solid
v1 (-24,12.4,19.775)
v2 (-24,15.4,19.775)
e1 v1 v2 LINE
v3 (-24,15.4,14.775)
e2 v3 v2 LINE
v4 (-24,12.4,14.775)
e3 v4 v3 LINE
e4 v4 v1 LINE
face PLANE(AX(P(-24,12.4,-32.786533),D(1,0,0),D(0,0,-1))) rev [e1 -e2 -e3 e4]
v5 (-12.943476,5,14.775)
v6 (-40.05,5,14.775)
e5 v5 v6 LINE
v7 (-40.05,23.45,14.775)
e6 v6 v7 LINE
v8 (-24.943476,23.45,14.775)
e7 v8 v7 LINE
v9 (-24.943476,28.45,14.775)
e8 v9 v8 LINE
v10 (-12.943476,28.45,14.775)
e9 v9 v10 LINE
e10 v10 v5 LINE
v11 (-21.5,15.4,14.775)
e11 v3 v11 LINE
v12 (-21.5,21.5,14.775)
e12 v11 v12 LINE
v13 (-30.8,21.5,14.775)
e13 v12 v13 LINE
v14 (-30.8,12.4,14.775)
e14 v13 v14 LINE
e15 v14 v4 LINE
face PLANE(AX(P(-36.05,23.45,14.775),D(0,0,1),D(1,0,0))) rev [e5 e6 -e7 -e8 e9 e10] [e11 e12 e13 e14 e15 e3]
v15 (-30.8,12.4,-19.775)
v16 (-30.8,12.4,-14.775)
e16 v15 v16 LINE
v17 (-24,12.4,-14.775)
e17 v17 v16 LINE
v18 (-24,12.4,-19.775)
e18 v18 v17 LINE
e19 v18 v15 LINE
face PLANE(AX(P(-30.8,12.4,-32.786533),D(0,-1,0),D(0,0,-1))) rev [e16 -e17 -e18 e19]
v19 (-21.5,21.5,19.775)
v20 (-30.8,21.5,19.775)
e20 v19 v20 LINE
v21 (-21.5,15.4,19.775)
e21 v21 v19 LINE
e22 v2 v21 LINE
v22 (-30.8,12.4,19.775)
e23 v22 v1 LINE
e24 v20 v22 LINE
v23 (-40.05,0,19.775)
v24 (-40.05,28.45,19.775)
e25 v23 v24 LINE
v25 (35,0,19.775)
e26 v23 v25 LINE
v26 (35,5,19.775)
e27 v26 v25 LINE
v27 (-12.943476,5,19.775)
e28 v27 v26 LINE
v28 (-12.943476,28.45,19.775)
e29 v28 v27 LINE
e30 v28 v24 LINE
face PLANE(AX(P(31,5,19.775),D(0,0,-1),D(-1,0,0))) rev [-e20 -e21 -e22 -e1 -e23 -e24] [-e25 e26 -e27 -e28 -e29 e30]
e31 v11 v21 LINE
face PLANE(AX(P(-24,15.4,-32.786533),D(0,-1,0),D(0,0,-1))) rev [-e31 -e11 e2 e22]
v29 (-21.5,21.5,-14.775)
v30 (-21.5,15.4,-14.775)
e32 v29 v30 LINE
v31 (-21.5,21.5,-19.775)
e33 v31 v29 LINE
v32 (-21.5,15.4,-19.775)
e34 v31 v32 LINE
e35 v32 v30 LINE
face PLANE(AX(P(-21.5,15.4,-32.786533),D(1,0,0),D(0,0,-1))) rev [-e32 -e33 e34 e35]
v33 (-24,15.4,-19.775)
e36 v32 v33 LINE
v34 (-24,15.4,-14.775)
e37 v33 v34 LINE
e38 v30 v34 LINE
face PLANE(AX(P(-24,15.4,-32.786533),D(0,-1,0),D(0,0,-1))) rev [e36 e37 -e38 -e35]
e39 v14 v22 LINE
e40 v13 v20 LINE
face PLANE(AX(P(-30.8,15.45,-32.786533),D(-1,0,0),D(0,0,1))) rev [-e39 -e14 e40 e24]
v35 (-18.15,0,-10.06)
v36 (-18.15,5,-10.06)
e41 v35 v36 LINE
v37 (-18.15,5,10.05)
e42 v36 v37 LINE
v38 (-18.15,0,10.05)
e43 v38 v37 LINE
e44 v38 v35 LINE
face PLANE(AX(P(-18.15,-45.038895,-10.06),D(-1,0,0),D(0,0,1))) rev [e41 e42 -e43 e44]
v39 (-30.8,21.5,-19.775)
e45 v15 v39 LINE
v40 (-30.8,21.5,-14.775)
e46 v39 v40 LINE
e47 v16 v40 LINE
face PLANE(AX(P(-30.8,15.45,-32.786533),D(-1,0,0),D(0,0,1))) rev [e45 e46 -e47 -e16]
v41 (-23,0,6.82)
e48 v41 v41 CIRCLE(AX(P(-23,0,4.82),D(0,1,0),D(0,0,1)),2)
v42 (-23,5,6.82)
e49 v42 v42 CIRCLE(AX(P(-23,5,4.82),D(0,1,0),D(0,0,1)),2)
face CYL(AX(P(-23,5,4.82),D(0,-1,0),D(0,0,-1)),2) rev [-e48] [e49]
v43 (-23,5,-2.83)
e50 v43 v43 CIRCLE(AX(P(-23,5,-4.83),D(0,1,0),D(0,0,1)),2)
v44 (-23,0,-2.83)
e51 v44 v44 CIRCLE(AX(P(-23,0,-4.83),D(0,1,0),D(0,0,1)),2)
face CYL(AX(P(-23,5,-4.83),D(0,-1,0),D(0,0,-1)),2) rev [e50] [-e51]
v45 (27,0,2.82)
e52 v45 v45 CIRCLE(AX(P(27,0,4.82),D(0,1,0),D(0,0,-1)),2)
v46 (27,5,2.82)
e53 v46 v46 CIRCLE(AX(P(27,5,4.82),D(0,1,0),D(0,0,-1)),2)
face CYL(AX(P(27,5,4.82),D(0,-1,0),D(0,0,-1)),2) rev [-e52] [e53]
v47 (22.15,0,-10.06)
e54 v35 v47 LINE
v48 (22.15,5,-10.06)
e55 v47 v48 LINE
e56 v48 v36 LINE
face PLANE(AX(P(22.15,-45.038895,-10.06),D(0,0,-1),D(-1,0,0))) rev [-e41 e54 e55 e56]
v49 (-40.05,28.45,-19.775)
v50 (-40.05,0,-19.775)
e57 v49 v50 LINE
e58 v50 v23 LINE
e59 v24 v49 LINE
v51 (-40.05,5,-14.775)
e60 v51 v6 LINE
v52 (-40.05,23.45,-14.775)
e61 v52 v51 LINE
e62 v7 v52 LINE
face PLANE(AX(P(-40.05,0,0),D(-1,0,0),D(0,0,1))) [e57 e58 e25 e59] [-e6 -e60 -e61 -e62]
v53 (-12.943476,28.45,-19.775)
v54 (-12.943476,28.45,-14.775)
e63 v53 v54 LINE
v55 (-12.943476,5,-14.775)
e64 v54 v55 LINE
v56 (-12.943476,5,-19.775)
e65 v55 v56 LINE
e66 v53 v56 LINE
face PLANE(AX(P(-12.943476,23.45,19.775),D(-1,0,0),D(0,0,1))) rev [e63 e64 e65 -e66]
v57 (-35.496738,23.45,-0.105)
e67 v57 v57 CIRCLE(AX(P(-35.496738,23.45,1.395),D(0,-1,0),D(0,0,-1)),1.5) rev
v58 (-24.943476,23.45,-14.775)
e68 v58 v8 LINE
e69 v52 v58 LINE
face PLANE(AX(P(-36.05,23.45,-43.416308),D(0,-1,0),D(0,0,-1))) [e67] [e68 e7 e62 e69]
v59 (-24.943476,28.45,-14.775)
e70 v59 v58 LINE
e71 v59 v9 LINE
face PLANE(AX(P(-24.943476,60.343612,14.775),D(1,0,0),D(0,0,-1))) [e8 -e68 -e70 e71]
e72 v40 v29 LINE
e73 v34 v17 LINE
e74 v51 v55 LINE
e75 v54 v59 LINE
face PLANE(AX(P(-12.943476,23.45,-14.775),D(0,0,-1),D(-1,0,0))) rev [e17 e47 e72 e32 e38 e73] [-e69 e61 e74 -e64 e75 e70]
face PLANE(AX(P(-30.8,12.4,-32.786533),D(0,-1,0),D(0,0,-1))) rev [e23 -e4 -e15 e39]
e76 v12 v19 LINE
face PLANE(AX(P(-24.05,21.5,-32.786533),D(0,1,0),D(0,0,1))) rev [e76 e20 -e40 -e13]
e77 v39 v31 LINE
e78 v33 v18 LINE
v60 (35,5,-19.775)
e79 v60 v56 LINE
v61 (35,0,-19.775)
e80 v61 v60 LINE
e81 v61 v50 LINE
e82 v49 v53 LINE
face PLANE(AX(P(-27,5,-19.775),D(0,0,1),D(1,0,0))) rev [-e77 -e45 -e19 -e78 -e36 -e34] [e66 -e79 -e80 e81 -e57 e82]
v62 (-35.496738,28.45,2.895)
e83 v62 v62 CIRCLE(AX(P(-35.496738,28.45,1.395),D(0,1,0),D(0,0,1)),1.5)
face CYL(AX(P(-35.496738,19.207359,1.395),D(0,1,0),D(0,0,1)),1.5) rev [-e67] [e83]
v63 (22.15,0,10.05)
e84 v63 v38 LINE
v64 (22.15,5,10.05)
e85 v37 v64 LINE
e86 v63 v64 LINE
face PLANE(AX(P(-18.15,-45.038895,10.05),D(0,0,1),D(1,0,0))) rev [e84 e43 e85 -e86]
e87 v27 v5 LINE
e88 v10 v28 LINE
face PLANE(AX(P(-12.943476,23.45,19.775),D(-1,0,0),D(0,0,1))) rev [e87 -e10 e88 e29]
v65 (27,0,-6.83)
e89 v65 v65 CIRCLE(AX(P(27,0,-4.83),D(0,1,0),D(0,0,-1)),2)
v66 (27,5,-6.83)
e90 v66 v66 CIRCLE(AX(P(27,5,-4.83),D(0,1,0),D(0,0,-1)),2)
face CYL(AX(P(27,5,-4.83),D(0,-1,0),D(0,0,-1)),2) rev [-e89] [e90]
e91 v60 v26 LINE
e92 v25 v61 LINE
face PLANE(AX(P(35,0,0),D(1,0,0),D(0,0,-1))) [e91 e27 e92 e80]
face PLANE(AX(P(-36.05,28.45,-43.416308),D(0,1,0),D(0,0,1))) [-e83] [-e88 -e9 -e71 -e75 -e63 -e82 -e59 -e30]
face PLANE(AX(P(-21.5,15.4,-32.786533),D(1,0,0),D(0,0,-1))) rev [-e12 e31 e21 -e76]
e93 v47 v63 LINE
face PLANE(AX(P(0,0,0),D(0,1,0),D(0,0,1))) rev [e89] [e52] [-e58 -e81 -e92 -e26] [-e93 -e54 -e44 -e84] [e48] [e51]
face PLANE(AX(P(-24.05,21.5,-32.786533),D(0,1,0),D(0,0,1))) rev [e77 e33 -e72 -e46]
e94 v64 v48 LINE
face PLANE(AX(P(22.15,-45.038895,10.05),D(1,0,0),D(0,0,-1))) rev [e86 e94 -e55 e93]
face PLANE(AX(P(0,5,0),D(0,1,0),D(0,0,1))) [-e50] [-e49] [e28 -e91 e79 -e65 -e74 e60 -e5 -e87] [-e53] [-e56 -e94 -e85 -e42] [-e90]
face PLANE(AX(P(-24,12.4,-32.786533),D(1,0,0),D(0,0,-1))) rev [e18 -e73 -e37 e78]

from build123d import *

# Parameters (mm, degrees)
SKETCH1_R           = 2
SKETCH1_W           = 40
SKETCH1_H           = 19.81
BOSS_EXTRUDE1_DEPTH = 5
SKETCH2_W           = 23.106523906
SKETCH2_H           = 5
BOSS_EXTRUDE2_DEPTH = 18.45
SKETCH3_W           = 23.106523906
SKETCH3_H           = 5
BOSS_EXTRUDE3_DEPTH = 39.55
CUT_EXTRUDE1_START  = -39.55
CUT_EXTRUDE1_DEPTH  = 39.55
SKETCH6_W           = 12
SKETCH6_H           = 29.55
CUT_EXTRUDE2_DEPTH  = 23.45
CUT_EXTRUDE3_START  = -39.55
CUT_EXTRUDE3_DEPTH  = 39.55
SKETCH9_W           = 39.55
SKETCH9_H           = 28.45
SKETCH9_W_2         = 29.55
SKETCH9_H_2         = 18.45
BOSS_EXTRUDE4_DEPTH = 4
SKETCH11_W          = 39.55
SKETCH11_H          = 5
BOSS_EXTRUDE5_DEPTH = 3
SKETCH12_W          = 40.3
SKETCH12_H          = 20.11
SKETCH12_W_2        = 40
SKETCH12_H_2        = 19.81
CUT_EXTRUDE4_DEPTH  = 5
SKETCH13_R          = 1.5
CUT_EXTRUDE5_DEPTH  = 5


with BuildPart() as part:
    # Sketch1 → Boss-Extrude1 (new body)
    with BuildSketch(Plane(origin=(0, 0, 0), x_dir=(1, 0, 0), z_dir=(0, 1, 0))):
        Polygon((32, -9.9), (32, 10.1), (32, 18.775), (32, 19.775), (31, 19.775), (-13.05, 19.775), (-27, 19.775), (-36.05, 19.775), (-36.05, -19.775), (-27, -19.775), (-13.05, -19.775), (31, -19.775), (32, -19.775), (32, -18.775), align=None)
        with Locations(Location((-23, -4.82, 0), (0, 0, 270))):
            Circle(SKETCH1_R, mode=Mode.SUBTRACT)
        with Locations(Location((-23, 4.83, 0), (0, 0, 270))):
            Circle(SKETCH1_R, mode=Mode.SUBTRACT)
        with Locations(Location((27, -4.82, 0), (0, 0, 90))):
            Circle(SKETCH1_R, mode=Mode.SUBTRACT)
        with Locations(Location((27, 4.83, 0), (0, 0, 90))):
            Circle(SKETCH1_R, mode=Mode.SUBTRACT)
        with Locations((2, 0.005)):
            Rectangle(SKETCH1_W, SKETCH1_H, mode=Mode.SUBTRACT)
    extrude(amount=BOSS_EXTRUDE1_DEPTH)

    # Sketch2 → Boss-Extrude2 (add)
    with BuildSketch(Plane(origin=(0, 5, 0), x_dir=(1, 0, 0), z_dir=(0, 1, 0))):
        with Locations((-24.496738047, -17.275)):
            Rectangle(SKETCH2_W, SKETCH2_H)
        with Locations((-24.496738047, 17.275)):
            Rectangle(SKETCH2_W, SKETCH2_H)
    extrude(amount=BOSS_EXTRUDE2_DEPTH)

    # Sketch3 → Boss-Extrude3 (add)
    with BuildSketch(Plane.XY.offset(19.775)):
        with Locations((-24.496738047, 25.95)):
            Rectangle(SKETCH3_W, SKETCH3_H)
    extrude(amount=-BOSS_EXTRUDE3_DEPTH)

    # Sketch4 → Cut-Extrude1 (cut)
    with BuildSketch(Plane.XY.offset(19.775).offset(CUT_EXTRUDE1_START)):
        Polygon((-24.05, 21.45), (-30.75, 21.45), (-30.75, 15.45), (-30.75, 12.45), (-24.05, 12.45), (-24.05, 15.45), (-21.55, 15.45), (-21.55, 21.45), align=None)
    extrude(amount=CUT_EXTRUDE1_DEPTH, mode=Mode.SUBTRACT)

    # Sketch6 → Cut-Extrude2 (cut)
    with BuildSketch(Plane(origin=(0, 5, 0), x_dir=(1, 0, 0), z_dir=(0, 1, 0))):
        with Locations((-18.943476094, 0)):
            Rectangle(SKETCH6_W, SKETCH6_H)
    extrude(amount=CUT_EXTRUDE2_DEPTH, mode=Mode.SUBTRACT)

    # Sketch7 → Cut-Extrude3 (cut)
    with BuildSketch(Plane.XY.offset(19.775).offset(CUT_EXTRUDE3_START)):
        Polygon((-24.05, 21.5), (-30.8, 21.5), (-30.8, 15.45), (-30.8, 12.4), (-24, 12.4), (-24, 15.4), (-21.5, 15.4), (-21.5, 21.5), align=None)
        Polygon((-24.05, 21.45), (-30.75, 21.45), (-30.75, 15.45), (-30.75, 12.45), (-24.05, 12.45), (-24.05, 15.45), (-21.55, 15.45), (-21.55, 21.45), align=None, mode=Mode.SUBTRACT)
    extrude(amount=CUT_EXTRUDE3_DEPTH, mode=Mode.SUBTRACT)

    # Sketch9 → Boss-Extrude4 (add)
    with BuildSketch(Plane.ZY.offset(36.05)):
        with Locations((0, 14.225)):
            Rectangle(SKETCH9_W, SKETCH9_H)
        with Locations((0, 14.225)):
            Rectangle(SKETCH9_W_2, SKETCH9_H_2, mode=Mode.SUBTRACT)
    extrude(amount=BOSS_EXTRUDE4_DEPTH)

    # Sketch11 → Boss-Extrude5 (add)
    with BuildSketch(Plane(origin=(32, 0, 0), x_dir=(0, 0, -1), z_dir=(1, 0, 0))):
        with Locations((0, 2.5)):
            Rectangle(SKETCH11_W, SKETCH11_H)
    extrude(amount=BOSS_EXTRUDE5_DEPTH)

    # Sketch12 → Cut-Extrude4 (cut)
    with BuildSketch(Plane(origin=(0, 5, 0), x_dir=(1, 0, 0), z_dir=(0, 1, 0))):
        with Locations((2, 0.005)):
            Rectangle(SKETCH12_W, SKETCH12_H)
        with Locations((2, 0.005)):
            Rectangle(SKETCH12_W_2, SKETCH12_H_2, mode=Mode.SUBTRACT)
    extrude(amount=-CUT_EXTRUDE4_DEPTH, mode=Mode.SUBTRACT)

    # Sketch13 → Cut-Extrude5 (cut)
    with BuildSketch(Plane(origin=(0, 28.45, 0), x_dir=(1, 0, 0), z_dir=(0, 1, 0))):
        with Locations(Location((-35.49673805, -1.395, 0), (0, 0, 270))):
            Circle(SKETCH13_R)
    extrude(amount=-CUT_EXTRUDE5_DEPTH, mode=Mode.SUBTRACT)


solid = part.part
